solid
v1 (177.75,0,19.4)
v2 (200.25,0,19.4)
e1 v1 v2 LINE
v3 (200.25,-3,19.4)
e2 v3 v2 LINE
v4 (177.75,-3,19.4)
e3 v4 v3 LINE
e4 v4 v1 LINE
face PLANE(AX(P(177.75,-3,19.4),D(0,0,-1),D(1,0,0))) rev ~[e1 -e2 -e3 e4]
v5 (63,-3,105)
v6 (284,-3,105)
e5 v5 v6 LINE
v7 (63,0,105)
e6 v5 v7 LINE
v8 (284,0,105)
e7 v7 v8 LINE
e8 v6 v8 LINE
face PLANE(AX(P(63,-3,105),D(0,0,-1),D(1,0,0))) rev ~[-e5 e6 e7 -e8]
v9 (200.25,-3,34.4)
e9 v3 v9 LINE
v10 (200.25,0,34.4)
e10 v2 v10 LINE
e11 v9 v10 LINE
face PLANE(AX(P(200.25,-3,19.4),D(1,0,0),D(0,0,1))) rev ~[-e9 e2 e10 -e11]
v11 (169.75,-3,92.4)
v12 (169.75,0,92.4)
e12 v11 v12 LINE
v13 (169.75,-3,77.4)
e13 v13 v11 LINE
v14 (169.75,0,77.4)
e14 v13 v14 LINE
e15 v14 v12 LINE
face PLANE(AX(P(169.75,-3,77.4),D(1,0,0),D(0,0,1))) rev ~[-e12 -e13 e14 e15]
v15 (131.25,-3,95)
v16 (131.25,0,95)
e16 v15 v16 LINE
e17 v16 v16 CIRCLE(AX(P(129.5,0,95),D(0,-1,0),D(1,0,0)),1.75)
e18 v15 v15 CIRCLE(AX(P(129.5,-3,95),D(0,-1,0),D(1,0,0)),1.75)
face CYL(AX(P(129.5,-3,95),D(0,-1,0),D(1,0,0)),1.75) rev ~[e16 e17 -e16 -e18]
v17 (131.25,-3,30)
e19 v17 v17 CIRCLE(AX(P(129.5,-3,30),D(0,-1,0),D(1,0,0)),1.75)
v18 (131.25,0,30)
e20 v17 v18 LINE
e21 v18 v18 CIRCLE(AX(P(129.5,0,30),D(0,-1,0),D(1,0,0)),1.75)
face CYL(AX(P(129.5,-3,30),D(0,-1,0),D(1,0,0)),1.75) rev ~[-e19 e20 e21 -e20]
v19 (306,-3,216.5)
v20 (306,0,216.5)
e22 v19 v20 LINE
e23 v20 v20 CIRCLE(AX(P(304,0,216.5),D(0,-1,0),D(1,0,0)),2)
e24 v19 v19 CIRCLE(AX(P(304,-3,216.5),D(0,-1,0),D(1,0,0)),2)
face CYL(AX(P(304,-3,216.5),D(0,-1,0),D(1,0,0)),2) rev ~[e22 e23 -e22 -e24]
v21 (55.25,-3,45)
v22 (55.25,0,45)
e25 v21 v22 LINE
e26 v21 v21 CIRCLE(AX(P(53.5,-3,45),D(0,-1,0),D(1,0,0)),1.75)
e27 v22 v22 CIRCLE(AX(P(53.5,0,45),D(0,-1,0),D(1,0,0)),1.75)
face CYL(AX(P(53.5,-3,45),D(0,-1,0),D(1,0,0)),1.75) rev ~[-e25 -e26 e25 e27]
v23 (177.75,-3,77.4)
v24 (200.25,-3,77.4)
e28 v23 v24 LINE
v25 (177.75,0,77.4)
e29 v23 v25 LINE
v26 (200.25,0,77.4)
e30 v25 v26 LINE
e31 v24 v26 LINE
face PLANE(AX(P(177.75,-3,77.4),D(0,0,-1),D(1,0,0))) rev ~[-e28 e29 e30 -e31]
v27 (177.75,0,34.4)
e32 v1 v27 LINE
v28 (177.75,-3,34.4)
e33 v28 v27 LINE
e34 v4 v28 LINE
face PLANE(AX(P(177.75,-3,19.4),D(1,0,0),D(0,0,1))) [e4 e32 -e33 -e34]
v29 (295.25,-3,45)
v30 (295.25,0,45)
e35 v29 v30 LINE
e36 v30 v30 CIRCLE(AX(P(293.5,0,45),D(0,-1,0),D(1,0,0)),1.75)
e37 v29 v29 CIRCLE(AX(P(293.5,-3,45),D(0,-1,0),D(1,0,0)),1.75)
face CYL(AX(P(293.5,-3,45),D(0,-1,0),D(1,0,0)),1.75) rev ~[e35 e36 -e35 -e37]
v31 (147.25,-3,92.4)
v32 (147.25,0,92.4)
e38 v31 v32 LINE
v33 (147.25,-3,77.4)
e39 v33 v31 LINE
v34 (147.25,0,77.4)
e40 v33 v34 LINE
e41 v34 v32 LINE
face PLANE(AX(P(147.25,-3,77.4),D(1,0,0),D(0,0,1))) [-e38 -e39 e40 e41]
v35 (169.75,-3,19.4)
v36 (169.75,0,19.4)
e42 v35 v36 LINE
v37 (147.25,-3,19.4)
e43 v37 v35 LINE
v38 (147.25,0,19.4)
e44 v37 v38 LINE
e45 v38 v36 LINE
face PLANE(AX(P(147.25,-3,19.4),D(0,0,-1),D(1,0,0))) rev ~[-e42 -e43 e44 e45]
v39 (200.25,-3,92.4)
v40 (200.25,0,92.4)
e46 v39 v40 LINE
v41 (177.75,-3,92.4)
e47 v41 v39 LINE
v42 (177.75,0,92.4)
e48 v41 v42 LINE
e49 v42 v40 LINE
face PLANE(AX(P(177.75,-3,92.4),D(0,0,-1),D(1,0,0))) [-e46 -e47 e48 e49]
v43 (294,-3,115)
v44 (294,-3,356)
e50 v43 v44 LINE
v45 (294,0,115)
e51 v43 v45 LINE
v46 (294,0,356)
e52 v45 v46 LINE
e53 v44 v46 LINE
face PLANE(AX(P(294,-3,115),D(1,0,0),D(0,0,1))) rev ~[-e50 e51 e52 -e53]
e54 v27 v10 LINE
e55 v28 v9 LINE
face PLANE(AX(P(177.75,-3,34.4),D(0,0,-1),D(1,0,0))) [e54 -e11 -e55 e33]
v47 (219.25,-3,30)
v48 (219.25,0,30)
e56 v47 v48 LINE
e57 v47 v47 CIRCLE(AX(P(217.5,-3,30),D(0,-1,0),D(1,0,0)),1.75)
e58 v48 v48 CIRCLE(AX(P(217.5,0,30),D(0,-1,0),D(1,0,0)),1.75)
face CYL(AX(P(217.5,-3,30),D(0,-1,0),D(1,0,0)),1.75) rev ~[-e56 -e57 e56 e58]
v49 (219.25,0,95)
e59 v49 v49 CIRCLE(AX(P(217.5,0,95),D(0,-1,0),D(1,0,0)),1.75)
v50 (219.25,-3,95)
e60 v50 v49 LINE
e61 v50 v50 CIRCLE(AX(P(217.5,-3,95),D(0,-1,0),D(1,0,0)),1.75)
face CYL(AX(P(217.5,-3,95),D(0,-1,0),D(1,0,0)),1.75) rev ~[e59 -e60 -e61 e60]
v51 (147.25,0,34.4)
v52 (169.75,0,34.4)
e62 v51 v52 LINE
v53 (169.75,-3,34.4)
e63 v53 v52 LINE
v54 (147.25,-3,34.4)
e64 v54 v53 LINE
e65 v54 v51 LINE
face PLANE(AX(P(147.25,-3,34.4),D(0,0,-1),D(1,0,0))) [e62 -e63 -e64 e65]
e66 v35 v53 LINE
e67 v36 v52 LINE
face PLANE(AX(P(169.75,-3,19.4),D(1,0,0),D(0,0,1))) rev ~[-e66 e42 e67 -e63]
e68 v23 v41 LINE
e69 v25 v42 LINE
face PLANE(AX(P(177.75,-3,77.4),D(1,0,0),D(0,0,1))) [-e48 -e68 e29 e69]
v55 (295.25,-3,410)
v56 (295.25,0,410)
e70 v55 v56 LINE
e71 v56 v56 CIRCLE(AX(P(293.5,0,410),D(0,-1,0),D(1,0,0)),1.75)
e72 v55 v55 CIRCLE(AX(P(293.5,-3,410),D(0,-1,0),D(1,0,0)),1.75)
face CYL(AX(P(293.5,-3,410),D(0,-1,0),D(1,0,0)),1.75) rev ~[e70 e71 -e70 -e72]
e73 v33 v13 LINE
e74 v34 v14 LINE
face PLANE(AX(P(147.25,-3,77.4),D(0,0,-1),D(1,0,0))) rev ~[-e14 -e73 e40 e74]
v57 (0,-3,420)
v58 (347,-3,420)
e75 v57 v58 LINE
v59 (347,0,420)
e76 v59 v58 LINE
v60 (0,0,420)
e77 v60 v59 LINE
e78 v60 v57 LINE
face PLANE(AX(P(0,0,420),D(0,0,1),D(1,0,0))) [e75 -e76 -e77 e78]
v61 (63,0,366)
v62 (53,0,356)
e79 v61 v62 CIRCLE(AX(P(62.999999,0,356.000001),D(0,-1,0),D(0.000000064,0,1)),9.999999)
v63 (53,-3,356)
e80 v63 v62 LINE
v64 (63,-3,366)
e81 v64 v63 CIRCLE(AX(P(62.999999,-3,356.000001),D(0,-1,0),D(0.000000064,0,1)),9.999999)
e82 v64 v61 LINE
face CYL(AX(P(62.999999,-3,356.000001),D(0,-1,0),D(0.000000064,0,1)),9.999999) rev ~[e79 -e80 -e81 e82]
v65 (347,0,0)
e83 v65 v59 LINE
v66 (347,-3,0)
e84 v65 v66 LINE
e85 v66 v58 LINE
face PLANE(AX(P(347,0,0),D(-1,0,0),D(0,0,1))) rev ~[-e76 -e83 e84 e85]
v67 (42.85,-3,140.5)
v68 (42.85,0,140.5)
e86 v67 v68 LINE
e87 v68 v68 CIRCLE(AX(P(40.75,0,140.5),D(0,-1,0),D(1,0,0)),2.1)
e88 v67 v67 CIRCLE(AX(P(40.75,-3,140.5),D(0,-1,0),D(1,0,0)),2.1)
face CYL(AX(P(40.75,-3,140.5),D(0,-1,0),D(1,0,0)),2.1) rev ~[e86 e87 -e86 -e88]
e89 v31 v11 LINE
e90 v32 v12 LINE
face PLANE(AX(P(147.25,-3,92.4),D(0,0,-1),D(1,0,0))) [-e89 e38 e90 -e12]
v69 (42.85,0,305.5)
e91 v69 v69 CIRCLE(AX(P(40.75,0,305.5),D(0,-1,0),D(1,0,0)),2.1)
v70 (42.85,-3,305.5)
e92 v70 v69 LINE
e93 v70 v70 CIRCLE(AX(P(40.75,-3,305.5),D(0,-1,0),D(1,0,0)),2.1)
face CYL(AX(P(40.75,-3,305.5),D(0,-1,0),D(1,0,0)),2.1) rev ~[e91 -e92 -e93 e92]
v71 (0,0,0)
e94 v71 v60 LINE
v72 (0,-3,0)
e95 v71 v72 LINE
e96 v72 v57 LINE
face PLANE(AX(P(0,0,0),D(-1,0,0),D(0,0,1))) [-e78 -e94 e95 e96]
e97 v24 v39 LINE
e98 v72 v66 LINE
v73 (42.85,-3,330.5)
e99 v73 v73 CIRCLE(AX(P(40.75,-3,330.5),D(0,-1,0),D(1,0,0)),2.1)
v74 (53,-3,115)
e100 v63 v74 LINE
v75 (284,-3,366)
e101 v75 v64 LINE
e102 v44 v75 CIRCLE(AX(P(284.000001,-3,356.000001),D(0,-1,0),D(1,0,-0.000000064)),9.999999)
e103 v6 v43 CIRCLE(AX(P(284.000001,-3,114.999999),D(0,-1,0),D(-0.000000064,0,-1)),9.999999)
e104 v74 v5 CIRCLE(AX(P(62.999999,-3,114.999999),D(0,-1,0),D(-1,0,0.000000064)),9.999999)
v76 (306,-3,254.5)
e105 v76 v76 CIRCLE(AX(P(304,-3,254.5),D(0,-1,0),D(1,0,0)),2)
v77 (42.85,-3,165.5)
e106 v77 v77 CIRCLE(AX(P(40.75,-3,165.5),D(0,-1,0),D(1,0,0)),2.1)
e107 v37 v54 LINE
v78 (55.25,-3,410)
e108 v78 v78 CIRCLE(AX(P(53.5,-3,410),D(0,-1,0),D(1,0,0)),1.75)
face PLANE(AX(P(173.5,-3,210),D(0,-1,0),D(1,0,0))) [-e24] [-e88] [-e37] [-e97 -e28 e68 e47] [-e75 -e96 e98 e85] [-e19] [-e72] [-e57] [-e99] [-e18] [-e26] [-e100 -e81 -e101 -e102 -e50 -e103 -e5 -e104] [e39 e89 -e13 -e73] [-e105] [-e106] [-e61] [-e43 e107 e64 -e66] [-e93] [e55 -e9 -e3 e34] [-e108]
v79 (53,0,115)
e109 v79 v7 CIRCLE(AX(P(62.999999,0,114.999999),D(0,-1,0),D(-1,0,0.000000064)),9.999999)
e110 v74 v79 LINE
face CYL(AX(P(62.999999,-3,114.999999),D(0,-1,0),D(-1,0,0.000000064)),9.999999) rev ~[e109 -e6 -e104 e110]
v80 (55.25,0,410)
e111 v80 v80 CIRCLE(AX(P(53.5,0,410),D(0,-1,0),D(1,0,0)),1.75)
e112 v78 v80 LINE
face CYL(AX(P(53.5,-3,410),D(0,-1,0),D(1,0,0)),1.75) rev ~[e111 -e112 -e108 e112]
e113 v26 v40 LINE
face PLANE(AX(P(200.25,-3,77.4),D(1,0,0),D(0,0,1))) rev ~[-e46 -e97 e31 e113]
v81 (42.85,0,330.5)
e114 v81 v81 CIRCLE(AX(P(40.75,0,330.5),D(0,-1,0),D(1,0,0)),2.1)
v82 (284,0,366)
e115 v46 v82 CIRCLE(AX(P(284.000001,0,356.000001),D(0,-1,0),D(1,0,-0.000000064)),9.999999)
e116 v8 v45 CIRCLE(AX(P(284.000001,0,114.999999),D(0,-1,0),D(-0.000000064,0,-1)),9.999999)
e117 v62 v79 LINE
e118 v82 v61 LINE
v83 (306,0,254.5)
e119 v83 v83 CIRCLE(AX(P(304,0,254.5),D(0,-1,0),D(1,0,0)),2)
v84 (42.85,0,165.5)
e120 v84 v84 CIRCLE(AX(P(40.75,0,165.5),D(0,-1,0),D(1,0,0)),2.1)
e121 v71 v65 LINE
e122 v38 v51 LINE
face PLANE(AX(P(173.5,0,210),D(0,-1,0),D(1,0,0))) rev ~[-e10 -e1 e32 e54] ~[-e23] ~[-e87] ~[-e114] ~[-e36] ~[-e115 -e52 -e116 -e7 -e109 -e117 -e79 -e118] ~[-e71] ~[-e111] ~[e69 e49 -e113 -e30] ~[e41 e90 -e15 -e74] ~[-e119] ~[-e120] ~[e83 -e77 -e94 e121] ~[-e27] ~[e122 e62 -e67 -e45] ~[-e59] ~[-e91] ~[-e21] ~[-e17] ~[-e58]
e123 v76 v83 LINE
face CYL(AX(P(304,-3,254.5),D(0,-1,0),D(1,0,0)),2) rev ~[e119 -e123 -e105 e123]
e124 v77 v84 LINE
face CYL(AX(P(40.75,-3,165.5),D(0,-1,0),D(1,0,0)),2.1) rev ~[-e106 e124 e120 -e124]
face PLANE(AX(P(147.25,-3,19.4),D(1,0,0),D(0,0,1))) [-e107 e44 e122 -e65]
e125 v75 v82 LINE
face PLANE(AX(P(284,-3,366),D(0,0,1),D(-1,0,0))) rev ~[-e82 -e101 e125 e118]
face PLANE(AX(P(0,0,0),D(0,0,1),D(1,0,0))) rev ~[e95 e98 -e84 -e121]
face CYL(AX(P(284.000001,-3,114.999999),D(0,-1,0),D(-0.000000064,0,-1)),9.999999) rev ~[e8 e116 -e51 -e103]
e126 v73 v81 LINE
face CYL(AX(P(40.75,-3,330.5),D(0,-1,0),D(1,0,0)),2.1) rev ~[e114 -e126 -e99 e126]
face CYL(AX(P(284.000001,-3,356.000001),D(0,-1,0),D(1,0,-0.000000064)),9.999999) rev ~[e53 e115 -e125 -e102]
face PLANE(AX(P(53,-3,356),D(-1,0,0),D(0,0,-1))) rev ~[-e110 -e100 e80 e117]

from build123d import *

# Parameters (mm, degrees)
SKETCH_W            = 347
SKETCH_H            = 420
PAD_DEPTH           = 3
SKETCH001_R         = 1.75
POCKET_DEPTH        = 3.001
POCKET001_DEPTH     = 5
SKETCH003_R         = 1.75
POCKET002_DEPTH     = 3.001
SKETCH005_W         = 22.5
SKETCH005_H         = 15
POCKET003_DEPTH     = 3
LINEARPATTERN_COUNT = 2
LINEARPATTERN_PITCH = 58
SKETCH006_R         = 2.1
SKETCH006_R_2       = 2
POCKET004_DEPTH     = 3.001


with BuildPart() as part:
    # Sketch → Pad (new body)
    with BuildSketch(Plane.XZ):
        with Locations((173.5, 210)):
            Rectangle(SKETCH_W, SKETCH_H)
    extrude(amount=PAD_DEPTH)

    # Sketch001 (on Face6 of Pad) → Pocket (cut, through all)
    with BuildSketch(Plane.XZ.offset(3)):
        with Locations((53.5, 45)):
            Circle(SKETCH001_R)
        with Locations((293.5, 45)):
            Circle(SKETCH001_R)
        with Locations((293.5, 410)):
            Circle(SKETCH001_R)
        with Locations((53.5, 410)):
            Circle(SKETCH001_R)
    extrude(amount=-POCKET_DEPTH, mode=Mode.SUBTRACT)

    # Sketch002 (on Face5 of Pocket) → Pocket001 (cut)
    with BuildSketch(Plane.XZ.offset(3)):
        with BuildLine():
            Line((53, 356), (53, 115))
            ThreePointArc((53, 115), (55.928932, 107.928932), (63, 105))
            Line((63, 105), (284, 105))
            ThreePointArc((284, 105), (291.071068, 107.928932), (294, 115))
            Line((294, 115), (294, 356))
            ThreePointArc((294, 356), (291.071068, 363.071068), (284, 366))
            Line((284, 366), (63, 366))
            ThreePointArc((63, 366), (55.928932, 363.071068), (53, 356))
        make_face()
    extrude(amount=-POCKET001_DEPTH, mode=Mode.SUBTRACT)

    # Sketch003 (on Face5 of Pocket001) → Pocket002 (cut, through all)
    with BuildSketch(Plane.XZ.offset(3)):
        with Locations((129.5, 30)):
            Circle(SKETCH003_R)
        with Locations((129.5, 95)):
            Circle(SKETCH003_R)
        with Locations((217.5, 95)):
            Circle(SKETCH003_R)
        with Locations((217.5, 30)):
            Circle(SKETCH003_R)
    extrude(amount=-POCKET002_DEPTH, mode=Mode.SUBTRACT)

    # Sketch005 (on Face5 of Pocket002) → Pocket003 (cut)
    with BuildSketch(Plane.XZ.offset(3)):
        with Locations((158.5, 84.9)):
            Rectangle(SKETCH005_W, SKETCH005_H)
        with Locations((189, 84.9)):
            Rectangle(SKETCH005_W, SKETCH005_H)
    pocket003 = extrude(amount=-POCKET003_DEPTH, mode=Mode.SUBTRACT)

    # LinearPattern: Pocket003 ×2
    with Locations(*[(0, 0, -i * LINEARPATTERN_PITCH) for i in range(1, LINEARPATTERN_COUNT)]):
        add(pocket003, mode=Mode.SUBTRACT)

    # Sketch006 (on Face5 of LinearPattern) → Pocket004 (cut, through all)
    with BuildSketch(Plane.XZ.offset(3)):
        with Locations((40.75, 330.5)):
            Circle(SKETCH006_R)
        with Locations((40.75, 305.5)):
            Circle(SKETCH006_R)
        with Locations((40.75, 165.5)):
            Circle(SKETCH006_R)
        with Locations((40.75, 140.5)):
            Circle(SKETCH006_R)
        with Locations((304, 254.5)):
            Circle(SKETCH006_R_2)
        with Locations((304, 216.5)):
            Circle(SKETCH006_R_2)
    extrude(amount=-POCKET004_DEPTH, mode=Mode.SUBTRACT)


solid = part.part
